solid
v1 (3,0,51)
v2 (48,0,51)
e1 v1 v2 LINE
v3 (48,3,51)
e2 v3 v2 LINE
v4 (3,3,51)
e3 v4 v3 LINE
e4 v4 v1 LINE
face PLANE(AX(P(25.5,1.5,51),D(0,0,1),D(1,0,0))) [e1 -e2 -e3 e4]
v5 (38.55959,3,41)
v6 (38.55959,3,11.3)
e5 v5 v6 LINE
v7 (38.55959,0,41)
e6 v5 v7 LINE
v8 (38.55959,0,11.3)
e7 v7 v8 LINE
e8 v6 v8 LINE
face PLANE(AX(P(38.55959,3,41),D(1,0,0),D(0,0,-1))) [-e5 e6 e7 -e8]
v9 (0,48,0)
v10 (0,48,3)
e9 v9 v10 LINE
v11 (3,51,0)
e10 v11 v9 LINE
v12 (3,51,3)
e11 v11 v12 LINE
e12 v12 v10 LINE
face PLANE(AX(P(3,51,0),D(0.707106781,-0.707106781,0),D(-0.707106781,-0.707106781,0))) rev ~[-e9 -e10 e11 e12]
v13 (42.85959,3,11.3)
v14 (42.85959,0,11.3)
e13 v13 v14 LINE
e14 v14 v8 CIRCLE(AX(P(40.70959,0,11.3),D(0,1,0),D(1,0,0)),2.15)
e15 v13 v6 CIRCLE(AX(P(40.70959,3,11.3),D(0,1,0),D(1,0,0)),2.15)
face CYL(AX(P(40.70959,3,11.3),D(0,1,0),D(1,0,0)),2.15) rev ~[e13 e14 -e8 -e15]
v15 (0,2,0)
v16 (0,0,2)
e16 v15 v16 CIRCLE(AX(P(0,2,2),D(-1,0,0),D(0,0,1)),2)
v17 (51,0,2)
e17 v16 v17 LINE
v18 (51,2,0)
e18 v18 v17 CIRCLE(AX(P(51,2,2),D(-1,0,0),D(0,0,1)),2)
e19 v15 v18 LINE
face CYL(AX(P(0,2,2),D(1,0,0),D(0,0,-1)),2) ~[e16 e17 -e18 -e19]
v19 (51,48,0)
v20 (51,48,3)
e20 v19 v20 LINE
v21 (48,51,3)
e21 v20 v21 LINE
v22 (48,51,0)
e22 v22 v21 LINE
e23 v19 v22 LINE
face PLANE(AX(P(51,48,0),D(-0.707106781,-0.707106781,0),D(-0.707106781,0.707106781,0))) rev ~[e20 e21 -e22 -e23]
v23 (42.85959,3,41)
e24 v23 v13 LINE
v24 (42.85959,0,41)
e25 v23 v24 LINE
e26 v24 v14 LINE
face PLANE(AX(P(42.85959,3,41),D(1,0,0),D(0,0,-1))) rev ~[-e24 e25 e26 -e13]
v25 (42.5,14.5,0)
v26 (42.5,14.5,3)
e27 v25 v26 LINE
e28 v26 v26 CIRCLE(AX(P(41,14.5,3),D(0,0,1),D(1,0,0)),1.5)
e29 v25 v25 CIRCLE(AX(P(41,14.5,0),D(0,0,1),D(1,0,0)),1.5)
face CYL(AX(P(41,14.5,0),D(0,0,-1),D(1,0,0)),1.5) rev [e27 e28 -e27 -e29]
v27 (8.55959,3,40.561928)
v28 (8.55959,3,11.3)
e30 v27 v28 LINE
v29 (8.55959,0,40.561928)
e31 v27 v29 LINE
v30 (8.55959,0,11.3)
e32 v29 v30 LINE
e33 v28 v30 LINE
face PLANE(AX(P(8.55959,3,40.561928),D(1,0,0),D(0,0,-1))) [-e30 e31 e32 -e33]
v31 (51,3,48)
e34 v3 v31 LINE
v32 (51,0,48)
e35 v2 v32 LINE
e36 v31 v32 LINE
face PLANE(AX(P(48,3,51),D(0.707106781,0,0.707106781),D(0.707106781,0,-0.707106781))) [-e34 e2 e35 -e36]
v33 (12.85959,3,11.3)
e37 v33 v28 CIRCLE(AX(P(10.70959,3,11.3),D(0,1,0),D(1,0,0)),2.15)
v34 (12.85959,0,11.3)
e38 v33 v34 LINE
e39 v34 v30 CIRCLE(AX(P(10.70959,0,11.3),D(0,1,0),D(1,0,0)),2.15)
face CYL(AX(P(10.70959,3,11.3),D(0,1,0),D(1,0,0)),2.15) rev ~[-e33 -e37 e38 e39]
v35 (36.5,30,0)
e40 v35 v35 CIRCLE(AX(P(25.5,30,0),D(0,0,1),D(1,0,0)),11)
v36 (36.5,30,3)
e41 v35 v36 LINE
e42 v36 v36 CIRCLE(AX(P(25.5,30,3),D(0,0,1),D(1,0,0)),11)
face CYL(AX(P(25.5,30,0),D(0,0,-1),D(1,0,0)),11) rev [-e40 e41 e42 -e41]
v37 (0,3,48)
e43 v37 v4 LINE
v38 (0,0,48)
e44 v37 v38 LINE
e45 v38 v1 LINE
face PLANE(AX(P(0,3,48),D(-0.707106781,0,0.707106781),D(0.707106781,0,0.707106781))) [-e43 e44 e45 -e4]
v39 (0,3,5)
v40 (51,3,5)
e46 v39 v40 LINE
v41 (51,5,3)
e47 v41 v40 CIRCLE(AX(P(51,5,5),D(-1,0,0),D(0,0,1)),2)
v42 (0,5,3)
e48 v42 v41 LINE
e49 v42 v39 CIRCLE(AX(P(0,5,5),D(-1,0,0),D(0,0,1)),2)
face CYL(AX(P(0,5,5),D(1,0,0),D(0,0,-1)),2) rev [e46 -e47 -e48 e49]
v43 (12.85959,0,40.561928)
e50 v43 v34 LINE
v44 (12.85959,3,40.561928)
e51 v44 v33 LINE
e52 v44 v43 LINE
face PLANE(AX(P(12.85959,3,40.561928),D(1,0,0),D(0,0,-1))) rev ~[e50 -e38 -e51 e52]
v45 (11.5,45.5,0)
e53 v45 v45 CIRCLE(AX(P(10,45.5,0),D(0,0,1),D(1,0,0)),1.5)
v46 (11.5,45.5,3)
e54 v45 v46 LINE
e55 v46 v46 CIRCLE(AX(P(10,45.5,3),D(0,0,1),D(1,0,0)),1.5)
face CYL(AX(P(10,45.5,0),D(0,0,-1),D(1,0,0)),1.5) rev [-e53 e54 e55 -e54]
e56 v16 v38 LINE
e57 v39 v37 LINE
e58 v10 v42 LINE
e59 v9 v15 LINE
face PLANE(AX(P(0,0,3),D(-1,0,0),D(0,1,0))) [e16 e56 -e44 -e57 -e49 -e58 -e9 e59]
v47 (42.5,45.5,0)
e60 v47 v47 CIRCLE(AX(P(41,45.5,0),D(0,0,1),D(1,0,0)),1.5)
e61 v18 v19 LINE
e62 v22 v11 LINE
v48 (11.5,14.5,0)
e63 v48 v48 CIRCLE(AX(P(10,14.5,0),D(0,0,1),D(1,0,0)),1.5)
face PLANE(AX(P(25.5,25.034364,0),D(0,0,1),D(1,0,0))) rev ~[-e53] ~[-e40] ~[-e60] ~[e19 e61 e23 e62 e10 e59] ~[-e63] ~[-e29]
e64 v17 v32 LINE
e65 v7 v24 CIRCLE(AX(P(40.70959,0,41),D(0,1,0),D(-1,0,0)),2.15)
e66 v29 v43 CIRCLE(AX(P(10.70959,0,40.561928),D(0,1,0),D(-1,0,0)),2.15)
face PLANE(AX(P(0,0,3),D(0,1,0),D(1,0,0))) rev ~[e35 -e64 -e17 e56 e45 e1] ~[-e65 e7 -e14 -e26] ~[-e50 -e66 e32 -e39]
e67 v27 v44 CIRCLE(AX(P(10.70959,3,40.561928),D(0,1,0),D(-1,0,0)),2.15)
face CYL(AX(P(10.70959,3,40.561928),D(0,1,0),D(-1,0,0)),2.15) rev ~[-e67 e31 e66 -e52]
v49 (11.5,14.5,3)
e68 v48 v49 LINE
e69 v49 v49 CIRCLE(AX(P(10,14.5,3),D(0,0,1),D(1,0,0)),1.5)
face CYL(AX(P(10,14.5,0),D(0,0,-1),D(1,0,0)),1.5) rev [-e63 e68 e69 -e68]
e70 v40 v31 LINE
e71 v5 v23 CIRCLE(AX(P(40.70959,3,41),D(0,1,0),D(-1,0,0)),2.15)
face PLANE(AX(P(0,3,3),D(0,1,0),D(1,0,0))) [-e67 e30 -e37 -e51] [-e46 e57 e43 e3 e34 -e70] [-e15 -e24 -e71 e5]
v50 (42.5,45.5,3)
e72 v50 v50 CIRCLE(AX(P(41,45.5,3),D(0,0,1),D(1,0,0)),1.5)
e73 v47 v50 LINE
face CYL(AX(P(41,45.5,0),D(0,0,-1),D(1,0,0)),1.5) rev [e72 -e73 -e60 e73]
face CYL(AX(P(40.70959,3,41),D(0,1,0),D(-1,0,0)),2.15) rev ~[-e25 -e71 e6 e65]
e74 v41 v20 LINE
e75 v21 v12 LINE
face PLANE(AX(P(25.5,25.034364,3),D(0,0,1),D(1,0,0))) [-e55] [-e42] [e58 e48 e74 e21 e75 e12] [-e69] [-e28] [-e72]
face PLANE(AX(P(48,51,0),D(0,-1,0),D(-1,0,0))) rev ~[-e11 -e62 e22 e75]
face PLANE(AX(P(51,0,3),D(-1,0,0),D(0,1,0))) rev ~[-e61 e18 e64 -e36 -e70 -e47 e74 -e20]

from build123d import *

# Parameters (mm, degrees)
SKETCH_R     = 11
SKETCH_R_2   = 1.5
PAD_DEPTH    = 3
SKETCH001_W  = 51
SKETCH001_H  = 3
PAD001_DEPTH = 48
POCKET_DEPTH = 5
FILLET_R     = 2
FILLET001_R  = 2


with BuildPart() as part:
    # Sketch → Pad (new body)
    with BuildSketch(Plane.XY):
        Polygon((0, 0), (51, 0), (51, 48), (48, 51), (3, 51), (0, 48), align=None)
        with Locations((25.5, 30)):
            Circle(SKETCH_R, mode=Mode.SUBTRACT)
        with Locations((10, 45.5)):
            Circle(SKETCH_R_2, mode=Mode.SUBTRACT)
        with Locations((10, 14.5)):
            Circle(SKETCH_R_2, mode=Mode.SUBTRACT)
        with Locations((41, 14.5)):
            Circle(SKETCH_R_2, mode=Mode.SUBTRACT)
        with Locations((41, 45.5)):
            Circle(SKETCH_R_2, mode=Mode.SUBTRACT)
    extrude(amount=PAD_DEPTH)

    # Sketch001 (on Face13 of Pad) → Pad001 (join)
    with BuildSketch(Plane.XY.offset(3)):
        with Locations((25.5, 1.5)):
            Rectangle(SKETCH001_W, SKETCH001_H)
    extrude(amount=PAD001_DEPTH)

    # Sketch002 (on Face18 of Pad001) → Pocket (cut)
    with BuildSketch(Plane(origin=(0, 3, 0), x_dir=(-1, 0, 0), z_dir=(0, 1, 0))):
        Polygon((-51, 48), (-51, 51), (-48, 51), align=None)
        Polygon((-3, 51), (0, 51), (0, 48), align=None)
        with BuildLine():
            ThreePointArc((-38.55959, 41), (-40.70959, 43.15), (-42.85959, 41))
            Line((-42.85959, 41), (-42.85959, 11.3))
            ThreePointArc((-42.85959, 11.3), (-40.70959, 9.15), (-38.55959, 11.3))
            Line((-38.55959, 41), (-38.55959, 11.3))
        make_face()
        with BuildLine():
            ThreePointArc((-8.55959, 40.561928), (-10.70959, 42.711928), (-12.85959, 40.561928))
            Line((-12.85959, 40.561928), (-12.85959, 11.3))
            ThreePointArc((-12.85959, 11.3), (-10.70959, 9.15), (-8.55959, 11.3))
            Line((-8.55959, 40.561928), (-8.55959, 11.3))
        make_face()
    extrude(amount=-POCKET_DEPTH, mode=Mode.SUBTRACT)

    # Fillet
    fillet_edges = [part.edges().sort_by_distance(p)[0] for p in [
        (25.5, 3, 3),
    ]]
    fillet(fillet_edges, radius=FILLET_R)

    # Fillet001
    fillet001_edges = [part.edges().sort_by_distance(p)[0] for p in [
        (25.5, 0, 0),
    ]]
    fillet(fillet001_edges, radius=FILLET001_R)


solid = part.part
